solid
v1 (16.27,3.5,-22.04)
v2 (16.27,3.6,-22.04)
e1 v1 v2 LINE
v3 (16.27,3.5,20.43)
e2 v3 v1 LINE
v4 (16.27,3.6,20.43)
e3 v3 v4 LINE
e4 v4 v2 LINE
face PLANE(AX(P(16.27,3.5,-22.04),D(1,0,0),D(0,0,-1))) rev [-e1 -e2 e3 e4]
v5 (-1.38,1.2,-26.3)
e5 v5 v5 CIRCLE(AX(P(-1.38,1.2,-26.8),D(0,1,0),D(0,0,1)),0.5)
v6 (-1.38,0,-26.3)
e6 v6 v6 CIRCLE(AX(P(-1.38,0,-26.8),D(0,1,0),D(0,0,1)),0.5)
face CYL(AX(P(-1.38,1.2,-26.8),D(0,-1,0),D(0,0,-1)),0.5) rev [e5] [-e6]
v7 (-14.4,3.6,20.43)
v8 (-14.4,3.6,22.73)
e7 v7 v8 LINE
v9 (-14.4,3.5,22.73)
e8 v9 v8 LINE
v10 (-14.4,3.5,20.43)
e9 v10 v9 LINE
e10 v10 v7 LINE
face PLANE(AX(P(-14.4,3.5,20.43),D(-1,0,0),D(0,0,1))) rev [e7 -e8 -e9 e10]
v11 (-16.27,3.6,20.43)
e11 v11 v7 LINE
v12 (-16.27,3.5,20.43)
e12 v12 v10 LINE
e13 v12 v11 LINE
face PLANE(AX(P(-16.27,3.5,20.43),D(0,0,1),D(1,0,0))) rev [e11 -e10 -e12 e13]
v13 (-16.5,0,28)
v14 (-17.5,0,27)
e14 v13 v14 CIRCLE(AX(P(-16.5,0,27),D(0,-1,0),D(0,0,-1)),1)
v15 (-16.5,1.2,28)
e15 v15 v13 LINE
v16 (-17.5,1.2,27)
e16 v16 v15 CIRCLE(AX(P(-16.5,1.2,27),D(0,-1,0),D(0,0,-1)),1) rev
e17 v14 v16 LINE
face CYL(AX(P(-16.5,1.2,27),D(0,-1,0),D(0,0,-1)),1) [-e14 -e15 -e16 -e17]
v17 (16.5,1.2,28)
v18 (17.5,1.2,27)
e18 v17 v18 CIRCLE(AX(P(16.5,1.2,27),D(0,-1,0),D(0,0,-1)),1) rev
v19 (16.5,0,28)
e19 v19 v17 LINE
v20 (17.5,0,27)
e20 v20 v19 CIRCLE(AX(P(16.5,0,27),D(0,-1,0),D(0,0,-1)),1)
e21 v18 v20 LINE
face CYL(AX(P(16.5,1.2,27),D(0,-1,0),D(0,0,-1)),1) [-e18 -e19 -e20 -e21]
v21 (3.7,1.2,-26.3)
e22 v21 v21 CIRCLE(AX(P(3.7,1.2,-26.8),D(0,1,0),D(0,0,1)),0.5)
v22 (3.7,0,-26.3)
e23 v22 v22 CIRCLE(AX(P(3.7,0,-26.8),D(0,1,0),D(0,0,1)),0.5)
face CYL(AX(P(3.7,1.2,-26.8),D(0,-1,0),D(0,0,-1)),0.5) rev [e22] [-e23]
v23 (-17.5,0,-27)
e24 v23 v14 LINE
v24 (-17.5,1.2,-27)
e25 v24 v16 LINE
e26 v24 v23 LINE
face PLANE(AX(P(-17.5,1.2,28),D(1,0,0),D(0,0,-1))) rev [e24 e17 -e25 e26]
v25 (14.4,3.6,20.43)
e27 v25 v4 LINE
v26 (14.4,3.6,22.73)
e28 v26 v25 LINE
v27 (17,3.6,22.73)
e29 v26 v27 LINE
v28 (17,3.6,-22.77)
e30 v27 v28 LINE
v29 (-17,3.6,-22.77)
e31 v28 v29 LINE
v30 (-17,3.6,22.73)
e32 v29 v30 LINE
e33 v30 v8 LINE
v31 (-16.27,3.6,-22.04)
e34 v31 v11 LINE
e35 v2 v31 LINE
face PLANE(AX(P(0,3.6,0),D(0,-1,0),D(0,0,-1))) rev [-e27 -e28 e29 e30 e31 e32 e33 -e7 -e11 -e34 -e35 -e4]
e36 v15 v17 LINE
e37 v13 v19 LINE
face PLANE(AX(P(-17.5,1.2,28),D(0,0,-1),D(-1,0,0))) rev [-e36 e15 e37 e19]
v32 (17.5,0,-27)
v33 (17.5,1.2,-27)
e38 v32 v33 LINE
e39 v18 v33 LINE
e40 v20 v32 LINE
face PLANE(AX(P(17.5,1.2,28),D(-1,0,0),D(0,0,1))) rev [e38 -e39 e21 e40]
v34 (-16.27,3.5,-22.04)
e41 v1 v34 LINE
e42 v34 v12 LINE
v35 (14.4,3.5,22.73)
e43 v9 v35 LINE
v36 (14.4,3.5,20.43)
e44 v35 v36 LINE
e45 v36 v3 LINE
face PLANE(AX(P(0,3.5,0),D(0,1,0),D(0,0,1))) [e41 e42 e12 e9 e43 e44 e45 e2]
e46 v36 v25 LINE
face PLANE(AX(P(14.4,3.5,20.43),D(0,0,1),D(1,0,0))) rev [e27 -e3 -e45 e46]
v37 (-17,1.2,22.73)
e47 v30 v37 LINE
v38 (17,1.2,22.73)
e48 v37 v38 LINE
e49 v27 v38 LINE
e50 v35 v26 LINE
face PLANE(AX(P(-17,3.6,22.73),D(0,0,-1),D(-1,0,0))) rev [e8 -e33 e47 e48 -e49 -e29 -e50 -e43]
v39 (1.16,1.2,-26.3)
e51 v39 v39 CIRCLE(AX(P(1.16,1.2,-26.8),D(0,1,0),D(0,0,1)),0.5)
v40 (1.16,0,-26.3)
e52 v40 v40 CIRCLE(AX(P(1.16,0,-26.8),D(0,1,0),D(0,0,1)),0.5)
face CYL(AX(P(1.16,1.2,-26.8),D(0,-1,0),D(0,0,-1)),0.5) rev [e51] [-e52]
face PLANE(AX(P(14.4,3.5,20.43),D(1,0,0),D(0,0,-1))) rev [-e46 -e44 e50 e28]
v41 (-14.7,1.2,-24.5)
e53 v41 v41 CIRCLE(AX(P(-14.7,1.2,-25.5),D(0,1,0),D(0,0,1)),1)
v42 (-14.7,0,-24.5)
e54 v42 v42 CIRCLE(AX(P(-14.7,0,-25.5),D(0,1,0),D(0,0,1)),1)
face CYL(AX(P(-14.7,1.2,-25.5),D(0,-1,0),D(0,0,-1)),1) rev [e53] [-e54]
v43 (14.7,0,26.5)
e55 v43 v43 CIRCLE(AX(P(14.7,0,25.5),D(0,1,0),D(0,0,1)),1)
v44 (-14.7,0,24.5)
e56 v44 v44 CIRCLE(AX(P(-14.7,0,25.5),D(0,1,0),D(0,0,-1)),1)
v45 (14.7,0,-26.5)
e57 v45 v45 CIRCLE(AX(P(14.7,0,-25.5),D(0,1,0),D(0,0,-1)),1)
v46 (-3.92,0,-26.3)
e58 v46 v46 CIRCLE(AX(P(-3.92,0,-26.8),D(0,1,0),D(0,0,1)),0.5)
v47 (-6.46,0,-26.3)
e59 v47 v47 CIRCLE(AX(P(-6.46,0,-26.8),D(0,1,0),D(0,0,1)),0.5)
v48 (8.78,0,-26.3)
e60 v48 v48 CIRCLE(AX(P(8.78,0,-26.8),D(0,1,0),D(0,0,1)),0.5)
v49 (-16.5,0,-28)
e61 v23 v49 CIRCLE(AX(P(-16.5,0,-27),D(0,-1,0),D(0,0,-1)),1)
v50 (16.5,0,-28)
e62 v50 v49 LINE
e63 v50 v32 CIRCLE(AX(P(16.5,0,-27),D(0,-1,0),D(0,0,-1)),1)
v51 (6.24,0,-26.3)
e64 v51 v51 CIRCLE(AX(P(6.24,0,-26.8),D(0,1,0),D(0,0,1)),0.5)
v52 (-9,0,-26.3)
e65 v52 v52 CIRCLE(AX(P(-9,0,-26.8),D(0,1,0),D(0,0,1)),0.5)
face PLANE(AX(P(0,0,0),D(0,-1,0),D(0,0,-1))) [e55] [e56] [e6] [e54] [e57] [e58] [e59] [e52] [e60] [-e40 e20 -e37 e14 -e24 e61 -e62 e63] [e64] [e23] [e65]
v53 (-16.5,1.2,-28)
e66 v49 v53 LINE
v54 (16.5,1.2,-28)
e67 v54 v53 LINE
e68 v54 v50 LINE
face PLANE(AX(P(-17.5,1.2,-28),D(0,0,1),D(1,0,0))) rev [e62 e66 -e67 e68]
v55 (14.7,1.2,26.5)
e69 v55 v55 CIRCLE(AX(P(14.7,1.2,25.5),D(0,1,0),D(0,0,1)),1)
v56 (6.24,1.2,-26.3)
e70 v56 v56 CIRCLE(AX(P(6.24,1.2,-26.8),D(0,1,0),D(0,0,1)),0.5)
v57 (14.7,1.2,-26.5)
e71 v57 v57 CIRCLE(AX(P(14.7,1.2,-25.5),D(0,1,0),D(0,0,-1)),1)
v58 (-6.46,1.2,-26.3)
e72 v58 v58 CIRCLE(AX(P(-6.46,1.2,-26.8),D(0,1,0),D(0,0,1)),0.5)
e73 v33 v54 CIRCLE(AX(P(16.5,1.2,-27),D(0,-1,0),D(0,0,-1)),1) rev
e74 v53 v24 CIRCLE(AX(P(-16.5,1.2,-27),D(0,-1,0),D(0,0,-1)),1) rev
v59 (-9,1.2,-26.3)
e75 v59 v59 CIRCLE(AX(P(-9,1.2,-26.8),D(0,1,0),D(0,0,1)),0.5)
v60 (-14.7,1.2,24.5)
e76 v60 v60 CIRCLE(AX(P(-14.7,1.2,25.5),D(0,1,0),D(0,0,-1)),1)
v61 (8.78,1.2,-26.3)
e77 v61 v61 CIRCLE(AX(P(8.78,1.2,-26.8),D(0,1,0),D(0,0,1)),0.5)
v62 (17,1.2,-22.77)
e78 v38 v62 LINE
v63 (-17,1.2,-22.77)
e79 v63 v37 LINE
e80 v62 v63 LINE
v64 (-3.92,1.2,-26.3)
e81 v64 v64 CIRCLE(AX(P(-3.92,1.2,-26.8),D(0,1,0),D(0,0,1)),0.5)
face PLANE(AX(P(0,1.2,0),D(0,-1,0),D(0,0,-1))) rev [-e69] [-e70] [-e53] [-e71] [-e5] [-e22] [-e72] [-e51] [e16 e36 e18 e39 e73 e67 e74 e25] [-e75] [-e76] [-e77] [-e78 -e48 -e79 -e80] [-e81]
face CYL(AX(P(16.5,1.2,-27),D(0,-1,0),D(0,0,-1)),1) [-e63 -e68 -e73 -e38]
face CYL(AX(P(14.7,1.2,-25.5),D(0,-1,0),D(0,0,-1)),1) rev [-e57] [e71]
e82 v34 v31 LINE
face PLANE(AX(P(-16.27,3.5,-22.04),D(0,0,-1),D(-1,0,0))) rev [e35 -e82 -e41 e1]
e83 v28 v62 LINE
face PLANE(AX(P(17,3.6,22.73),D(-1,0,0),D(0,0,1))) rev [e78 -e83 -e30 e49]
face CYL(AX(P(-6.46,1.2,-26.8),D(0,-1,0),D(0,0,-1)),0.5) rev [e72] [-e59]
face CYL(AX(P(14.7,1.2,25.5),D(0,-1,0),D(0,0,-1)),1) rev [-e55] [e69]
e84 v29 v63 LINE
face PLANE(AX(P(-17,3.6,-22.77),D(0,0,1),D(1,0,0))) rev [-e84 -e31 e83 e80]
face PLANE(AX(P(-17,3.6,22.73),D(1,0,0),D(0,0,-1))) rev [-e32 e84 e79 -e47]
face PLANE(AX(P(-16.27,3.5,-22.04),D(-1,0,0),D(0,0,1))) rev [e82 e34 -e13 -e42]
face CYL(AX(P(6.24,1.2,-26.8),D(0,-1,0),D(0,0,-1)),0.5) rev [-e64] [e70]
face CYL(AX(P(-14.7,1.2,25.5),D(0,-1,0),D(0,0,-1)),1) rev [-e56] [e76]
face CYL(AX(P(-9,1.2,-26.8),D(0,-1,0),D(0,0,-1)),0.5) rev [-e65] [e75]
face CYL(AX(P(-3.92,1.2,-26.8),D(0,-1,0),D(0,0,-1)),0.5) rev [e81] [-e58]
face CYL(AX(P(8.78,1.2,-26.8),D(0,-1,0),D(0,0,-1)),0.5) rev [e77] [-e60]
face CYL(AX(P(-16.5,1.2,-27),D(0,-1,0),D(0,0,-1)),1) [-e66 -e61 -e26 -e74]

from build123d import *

# Parameters (mm, degrees)
SKETCH1_W           = 35
SKETCH1_H           = 56
SKETCH1_R           = 1
SKETCH1_R_2         = 0.5
BOSS_EXTRUDE1_DEPTH = 1.2
FILLET1_R           = 1
SKETCH2_W           = 34
SKETCH2_H           = 45.5
BOSS_EXTRUDE2_DEPTH = 2.4
CUT_EXTRUDE1_DEPTH  = 0.1


with BuildPart() as part:
    # Sketch1 → Boss-Extrude1 (new body)
    with BuildSketch(Plane(origin=(0, 0, 0), x_dir=(1, 0, 0), z_dir=(0, 1, 0))):
        Rectangle(SKETCH1_W, SKETCH1_H)
        with Locations((-14.7, 25.5)):
            Circle(SKETCH1_R, mode=Mode.SUBTRACT)
        with Locations((14.7, 25.5)):
            Circle(SKETCH1_R, mode=Mode.SUBTRACT)
        with Locations((-14.7, -25.5)):
            Circle(SKETCH1_R, mode=Mode.SUBTRACT)
        with Locations((14.7, -25.5)):
            Circle(SKETCH1_R, mode=Mode.SUBTRACT)
        with Locations((-9, 26.8)):
            Circle(SKETCH1_R_2, mode=Mode.SUBTRACT)
        with Locations((-6.46, 26.8)):
            Circle(SKETCH1_R_2, mode=Mode.SUBTRACT)
        with Locations((-3.92, 26.8)):
            Circle(SKETCH1_R_2, mode=Mode.SUBTRACT)
        with Locations((-1.38, 26.8)):
            Circle(SKETCH1_R_2, mode=Mode.SUBTRACT)
        with Locations((1.16, 26.8)):
            Circle(SKETCH1_R_2, mode=Mode.SUBTRACT)
        with Locations((3.7, 26.8)):
            Circle(SKETCH1_R_2, mode=Mode.SUBTRACT)
        with Locations((6.24, 26.8)):
            Circle(SKETCH1_R_2, mode=Mode.SUBTRACT)
        with Locations((8.78, 26.8)):
            Circle(SKETCH1_R_2, mode=Mode.SUBTRACT)
    extrude(amount=BOSS_EXTRUDE1_DEPTH)

    # Fillet1
    fillet1_edges = [part.edges().sort_by_distance(p)[0] for p in [
        (17.5, 0.6, 28),
        (-17.5, 0.6, 28),
        (-17.5, 0.6, -28),
        (17.5, 0.6, -28),
    ]]
    fillet(fillet1_edges, radius=FILLET1_R)

    # Sketch2 → Boss-Extrude2 (add)
    with BuildSketch(Plane(origin=(0, 1.2, 0), x_dir=(1, 0, 0), z_dir=(0, 1, 0))):
        with Locations((0, 0.02)):
            Rectangle(SKETCH2_W, SKETCH2_H)
    extrude(amount=BOSS_EXTRUDE2_DEPTH)

    # Sketch3 → Cut-Extrude1 (cut)
    with BuildSketch(Plane(origin=(0, 3.6, 0), x_dir=(1, 0, 0), z_dir=(0, 1, 0))):
        Polygon((-16.27, 22.04), (16.27, 22.04), (16.27, -20.43), (14.4, -20.43), (14.4, -22.73), (-14.4, -22.73), (-14.4, -20.43), (-16.27, -20.43), align=None)
    extrude(amount=-CUT_EXTRUDE1_DEPTH, mode=Mode.SUBTRACT)


solid = part.part
